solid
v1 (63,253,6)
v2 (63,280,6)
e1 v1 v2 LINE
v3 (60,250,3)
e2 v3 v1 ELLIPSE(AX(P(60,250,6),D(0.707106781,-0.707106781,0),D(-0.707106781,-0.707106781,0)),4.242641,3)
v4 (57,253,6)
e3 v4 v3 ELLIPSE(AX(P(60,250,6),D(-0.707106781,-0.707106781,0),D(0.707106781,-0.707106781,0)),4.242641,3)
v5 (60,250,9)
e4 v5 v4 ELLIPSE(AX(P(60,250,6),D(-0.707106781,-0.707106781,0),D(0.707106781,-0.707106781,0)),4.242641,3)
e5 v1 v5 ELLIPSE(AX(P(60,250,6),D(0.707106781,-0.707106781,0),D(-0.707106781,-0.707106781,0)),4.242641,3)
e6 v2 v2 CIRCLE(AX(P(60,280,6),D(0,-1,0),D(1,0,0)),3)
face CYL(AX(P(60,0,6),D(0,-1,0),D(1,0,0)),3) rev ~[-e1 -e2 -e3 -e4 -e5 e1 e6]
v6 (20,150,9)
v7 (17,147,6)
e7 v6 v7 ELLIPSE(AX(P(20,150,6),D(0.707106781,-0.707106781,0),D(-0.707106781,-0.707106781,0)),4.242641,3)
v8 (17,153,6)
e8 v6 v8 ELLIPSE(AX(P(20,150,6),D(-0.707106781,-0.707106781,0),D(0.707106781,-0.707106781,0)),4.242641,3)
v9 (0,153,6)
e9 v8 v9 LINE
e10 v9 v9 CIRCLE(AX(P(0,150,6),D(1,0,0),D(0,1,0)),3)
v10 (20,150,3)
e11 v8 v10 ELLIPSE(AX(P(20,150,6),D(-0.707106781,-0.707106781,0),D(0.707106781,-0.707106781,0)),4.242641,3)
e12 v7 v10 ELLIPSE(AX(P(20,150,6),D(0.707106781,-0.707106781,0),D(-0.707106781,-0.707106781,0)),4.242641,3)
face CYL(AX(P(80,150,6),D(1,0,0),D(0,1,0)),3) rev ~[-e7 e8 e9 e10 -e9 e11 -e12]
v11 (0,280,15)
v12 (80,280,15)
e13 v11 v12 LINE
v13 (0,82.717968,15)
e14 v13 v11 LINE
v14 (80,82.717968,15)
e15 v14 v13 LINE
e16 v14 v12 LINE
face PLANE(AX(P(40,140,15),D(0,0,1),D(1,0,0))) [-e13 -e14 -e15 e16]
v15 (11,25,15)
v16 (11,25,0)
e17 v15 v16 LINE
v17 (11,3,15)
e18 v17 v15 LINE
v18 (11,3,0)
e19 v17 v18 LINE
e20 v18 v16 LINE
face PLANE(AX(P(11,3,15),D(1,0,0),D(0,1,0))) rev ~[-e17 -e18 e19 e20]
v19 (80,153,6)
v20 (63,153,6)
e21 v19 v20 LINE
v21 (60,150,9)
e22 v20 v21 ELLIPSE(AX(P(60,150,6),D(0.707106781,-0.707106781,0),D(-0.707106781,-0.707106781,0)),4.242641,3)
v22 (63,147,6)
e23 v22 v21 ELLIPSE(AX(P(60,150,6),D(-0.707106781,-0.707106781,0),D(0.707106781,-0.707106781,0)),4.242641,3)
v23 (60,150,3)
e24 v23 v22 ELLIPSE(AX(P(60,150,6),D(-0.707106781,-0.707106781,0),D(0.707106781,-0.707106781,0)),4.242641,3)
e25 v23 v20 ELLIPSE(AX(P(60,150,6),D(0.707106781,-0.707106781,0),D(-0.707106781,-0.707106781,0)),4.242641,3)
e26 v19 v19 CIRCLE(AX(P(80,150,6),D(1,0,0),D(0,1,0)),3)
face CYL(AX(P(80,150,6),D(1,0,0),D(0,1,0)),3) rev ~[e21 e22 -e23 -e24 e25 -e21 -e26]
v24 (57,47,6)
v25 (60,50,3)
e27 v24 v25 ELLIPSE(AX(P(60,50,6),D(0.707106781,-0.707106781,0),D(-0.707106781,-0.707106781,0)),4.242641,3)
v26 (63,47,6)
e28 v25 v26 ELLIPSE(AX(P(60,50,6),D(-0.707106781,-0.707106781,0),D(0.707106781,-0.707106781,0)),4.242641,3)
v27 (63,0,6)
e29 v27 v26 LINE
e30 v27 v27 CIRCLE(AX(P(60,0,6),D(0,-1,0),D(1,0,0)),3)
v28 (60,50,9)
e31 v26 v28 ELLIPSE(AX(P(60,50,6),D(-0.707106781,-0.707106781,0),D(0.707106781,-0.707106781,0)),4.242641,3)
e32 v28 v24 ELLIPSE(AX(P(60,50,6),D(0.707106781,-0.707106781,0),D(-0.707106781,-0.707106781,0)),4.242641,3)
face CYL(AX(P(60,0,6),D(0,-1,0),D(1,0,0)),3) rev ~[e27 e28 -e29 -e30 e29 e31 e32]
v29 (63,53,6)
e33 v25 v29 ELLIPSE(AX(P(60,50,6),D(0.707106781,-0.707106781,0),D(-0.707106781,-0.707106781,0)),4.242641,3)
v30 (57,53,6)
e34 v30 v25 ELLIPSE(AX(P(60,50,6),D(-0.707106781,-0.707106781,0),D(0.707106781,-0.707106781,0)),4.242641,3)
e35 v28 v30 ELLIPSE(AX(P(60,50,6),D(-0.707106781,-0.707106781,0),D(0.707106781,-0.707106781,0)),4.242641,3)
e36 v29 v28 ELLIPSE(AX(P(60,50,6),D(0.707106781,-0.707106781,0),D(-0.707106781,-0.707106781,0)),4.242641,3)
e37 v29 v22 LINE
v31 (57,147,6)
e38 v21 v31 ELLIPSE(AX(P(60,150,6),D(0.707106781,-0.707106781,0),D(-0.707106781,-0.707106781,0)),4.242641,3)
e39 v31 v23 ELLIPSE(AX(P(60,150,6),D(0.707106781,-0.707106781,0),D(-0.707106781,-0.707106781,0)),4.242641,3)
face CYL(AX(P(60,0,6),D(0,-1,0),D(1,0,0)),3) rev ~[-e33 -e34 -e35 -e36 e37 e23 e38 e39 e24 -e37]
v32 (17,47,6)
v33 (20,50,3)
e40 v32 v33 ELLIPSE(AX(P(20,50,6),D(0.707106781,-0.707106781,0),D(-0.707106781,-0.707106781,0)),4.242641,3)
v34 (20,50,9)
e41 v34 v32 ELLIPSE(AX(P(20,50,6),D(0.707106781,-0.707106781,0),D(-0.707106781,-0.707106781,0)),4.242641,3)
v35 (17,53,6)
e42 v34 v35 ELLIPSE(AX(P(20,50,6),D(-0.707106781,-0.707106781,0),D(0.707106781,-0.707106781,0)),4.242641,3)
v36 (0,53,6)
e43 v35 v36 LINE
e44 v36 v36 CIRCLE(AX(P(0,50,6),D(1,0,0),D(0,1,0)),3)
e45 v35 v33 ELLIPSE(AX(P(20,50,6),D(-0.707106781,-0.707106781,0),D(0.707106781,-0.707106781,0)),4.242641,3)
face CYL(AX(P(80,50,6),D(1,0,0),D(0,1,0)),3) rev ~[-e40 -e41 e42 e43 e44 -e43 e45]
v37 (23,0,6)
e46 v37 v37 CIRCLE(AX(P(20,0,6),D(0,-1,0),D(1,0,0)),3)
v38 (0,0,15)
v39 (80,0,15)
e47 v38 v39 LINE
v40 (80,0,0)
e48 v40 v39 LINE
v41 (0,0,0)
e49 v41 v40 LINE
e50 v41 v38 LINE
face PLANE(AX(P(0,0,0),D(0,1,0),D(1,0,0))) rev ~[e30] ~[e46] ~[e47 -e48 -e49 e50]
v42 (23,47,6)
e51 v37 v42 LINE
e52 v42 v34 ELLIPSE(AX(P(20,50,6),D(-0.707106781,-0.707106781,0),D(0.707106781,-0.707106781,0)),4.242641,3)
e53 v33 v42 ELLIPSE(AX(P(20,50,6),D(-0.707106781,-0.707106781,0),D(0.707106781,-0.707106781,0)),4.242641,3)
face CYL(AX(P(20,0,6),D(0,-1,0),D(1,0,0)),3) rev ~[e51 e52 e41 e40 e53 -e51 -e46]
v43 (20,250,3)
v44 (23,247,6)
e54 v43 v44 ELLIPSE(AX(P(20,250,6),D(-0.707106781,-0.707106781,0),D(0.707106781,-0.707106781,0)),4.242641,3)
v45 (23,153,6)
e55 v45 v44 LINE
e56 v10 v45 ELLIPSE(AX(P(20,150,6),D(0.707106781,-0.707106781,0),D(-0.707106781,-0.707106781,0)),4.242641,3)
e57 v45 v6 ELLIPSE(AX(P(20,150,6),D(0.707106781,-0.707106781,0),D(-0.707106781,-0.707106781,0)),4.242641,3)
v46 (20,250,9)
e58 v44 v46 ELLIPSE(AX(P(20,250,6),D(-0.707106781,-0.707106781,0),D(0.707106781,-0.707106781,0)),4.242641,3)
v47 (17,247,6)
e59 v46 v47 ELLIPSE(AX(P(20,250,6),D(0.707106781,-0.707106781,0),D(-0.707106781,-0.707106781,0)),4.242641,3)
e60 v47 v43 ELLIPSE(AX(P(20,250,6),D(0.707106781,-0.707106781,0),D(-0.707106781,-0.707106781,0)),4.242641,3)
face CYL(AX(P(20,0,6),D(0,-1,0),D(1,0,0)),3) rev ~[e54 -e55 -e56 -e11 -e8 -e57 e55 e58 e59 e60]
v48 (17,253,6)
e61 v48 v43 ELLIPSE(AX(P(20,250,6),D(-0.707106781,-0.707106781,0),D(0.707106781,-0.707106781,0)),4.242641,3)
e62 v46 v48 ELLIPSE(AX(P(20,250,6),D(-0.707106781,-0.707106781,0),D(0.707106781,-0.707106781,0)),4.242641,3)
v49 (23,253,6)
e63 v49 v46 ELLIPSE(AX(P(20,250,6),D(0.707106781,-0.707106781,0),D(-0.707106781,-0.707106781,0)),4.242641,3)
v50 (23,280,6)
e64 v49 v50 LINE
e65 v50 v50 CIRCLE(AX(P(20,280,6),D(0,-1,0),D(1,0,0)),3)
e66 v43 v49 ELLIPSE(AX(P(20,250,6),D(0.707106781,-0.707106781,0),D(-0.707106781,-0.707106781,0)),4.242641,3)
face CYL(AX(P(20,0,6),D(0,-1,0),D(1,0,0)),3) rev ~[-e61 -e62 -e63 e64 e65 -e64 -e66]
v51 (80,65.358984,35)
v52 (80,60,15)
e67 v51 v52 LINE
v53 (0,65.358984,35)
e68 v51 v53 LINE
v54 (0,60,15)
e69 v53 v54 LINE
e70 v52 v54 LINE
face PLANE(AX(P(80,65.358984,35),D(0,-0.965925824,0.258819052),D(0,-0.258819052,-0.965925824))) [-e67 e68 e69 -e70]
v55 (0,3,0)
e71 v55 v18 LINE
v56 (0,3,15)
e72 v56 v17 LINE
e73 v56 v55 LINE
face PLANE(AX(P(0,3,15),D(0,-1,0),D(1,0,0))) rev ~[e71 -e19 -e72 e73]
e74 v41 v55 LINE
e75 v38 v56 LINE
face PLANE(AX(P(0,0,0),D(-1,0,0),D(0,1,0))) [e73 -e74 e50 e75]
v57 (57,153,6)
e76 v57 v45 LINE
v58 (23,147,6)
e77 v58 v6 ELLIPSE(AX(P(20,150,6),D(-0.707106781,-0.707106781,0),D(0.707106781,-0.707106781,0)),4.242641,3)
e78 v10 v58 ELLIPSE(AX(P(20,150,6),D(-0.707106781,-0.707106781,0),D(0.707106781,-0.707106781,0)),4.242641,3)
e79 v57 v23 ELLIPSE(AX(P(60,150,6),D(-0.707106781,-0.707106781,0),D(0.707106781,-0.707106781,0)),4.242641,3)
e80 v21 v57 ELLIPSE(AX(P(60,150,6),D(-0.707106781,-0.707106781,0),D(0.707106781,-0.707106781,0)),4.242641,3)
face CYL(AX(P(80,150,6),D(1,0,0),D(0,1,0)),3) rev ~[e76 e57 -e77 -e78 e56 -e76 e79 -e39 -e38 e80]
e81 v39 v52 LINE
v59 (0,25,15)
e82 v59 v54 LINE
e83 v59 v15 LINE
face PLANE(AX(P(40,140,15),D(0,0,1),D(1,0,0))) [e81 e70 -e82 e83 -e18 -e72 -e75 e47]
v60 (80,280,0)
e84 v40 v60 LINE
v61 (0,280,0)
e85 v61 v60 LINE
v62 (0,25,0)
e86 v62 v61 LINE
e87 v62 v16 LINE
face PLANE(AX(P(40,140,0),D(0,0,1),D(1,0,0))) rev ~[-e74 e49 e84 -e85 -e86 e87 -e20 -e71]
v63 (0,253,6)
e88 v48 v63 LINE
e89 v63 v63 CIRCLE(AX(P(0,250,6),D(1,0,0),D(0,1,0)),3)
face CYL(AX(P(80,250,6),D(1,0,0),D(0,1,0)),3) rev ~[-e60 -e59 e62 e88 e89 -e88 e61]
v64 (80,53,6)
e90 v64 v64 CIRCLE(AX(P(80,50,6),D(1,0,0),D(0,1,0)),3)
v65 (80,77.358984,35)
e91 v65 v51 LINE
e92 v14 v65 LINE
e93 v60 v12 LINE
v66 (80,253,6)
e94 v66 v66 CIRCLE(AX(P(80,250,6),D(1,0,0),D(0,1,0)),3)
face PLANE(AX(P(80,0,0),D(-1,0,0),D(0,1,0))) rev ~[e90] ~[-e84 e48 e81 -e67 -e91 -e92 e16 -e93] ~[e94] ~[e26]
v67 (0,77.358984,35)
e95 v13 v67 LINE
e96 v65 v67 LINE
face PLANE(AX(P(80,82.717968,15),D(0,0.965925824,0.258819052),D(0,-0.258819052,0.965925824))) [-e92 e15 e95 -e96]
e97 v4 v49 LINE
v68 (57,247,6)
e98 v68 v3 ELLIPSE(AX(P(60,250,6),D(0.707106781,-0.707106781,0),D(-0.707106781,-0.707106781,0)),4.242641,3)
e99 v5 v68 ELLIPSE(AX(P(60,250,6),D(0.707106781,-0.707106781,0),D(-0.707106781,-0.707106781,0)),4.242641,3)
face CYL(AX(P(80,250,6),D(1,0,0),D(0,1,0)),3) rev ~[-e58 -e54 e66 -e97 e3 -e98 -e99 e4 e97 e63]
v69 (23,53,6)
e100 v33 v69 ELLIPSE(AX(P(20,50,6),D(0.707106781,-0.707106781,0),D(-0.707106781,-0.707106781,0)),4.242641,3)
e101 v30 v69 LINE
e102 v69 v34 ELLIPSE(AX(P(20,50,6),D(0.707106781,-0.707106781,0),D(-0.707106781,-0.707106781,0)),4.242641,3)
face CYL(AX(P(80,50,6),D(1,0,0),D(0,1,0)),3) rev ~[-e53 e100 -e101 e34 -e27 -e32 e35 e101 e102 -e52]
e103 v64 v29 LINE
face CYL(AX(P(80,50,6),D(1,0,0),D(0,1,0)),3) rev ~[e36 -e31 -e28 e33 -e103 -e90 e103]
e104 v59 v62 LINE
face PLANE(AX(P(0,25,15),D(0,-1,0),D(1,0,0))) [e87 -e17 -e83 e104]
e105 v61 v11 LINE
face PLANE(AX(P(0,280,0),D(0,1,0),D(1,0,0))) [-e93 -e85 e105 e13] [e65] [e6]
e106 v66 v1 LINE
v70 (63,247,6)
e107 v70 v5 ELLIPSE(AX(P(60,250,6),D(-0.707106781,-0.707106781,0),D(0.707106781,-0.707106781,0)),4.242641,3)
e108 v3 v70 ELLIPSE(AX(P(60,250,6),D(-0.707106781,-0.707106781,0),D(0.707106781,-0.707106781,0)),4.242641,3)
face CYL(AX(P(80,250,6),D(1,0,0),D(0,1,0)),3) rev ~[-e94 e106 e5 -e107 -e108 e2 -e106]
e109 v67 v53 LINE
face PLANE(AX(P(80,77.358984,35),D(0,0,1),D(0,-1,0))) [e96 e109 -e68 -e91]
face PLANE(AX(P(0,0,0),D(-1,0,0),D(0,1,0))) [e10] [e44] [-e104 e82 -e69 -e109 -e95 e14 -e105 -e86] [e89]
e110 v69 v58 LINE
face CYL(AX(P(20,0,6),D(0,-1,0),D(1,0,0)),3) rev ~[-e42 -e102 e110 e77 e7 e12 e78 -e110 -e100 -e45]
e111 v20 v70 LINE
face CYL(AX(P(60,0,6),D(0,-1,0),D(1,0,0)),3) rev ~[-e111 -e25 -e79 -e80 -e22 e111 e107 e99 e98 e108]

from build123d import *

# Parameters (mm, degrees)
F0_W      = 80
F0_H      = 280
F1_DEPTH  = 15
F3_DEPTH  = 80
F4_W      = 11
F4_H      = 22
F5_DEPTH  = 15
F7_R      = 3
F7_R_2    = 6.556779
F8_DEPTH  = 280.001
F9_R      = 3
F10_DEPTH = 80.001


with BuildPart() as f1:
    # F0 (on Top) → F1 (new body)
    with BuildSketch(Plane.XY):
        with Locations((40, 140)):
            Rectangle(F0_W, F0_H)
    extrude(amount=F1_DEPTH)

    # F2 (on face) → F3 (join)
    with BuildSketch(Plane.YZ.offset(80)):
        Polygon((65.358984, 35), (60, 15), (82.717968, 15), (77.358984, 35), align=None)
    extrude(amount=-F3_DEPTH)

    # F4 (on face) → F5 (cut, through all)
    with BuildSketch(Plane.XY.offset(15)):
        with Locations((5.5, 14)):
            Rectangle(F4_W, F4_H)
    extrude(amount=-F5_DEPTH, mode=Mode.SUBTRACT)

    # F7 (on face) → F8 (cut, through all)
    with BuildSketch(Plane.XZ):
        with Locations((60, 6)):
            Circle(F7_R)
        with Locations((-491.183044, 5.330358)):
            Circle(F7_R_2)
        with Locations((20, 6)):
            Circle(F7_R)
    extrude(amount=-F8_DEPTH, mode=Mode.SUBTRACT)

    # F9 (on face) → F10 (cut, through all)
    with BuildSketch(Plane.YZ.offset(80)):
        with Locations((50, 6)):
            Circle(F9_R)
        with Locations((150, 6)):
            Circle(F9_R)
        with Locations((250, 6)):
            Circle(F9_R)
    extrude(amount=-F10_DEPTH, mode=Mode.SUBTRACT)


solid = f1.part
